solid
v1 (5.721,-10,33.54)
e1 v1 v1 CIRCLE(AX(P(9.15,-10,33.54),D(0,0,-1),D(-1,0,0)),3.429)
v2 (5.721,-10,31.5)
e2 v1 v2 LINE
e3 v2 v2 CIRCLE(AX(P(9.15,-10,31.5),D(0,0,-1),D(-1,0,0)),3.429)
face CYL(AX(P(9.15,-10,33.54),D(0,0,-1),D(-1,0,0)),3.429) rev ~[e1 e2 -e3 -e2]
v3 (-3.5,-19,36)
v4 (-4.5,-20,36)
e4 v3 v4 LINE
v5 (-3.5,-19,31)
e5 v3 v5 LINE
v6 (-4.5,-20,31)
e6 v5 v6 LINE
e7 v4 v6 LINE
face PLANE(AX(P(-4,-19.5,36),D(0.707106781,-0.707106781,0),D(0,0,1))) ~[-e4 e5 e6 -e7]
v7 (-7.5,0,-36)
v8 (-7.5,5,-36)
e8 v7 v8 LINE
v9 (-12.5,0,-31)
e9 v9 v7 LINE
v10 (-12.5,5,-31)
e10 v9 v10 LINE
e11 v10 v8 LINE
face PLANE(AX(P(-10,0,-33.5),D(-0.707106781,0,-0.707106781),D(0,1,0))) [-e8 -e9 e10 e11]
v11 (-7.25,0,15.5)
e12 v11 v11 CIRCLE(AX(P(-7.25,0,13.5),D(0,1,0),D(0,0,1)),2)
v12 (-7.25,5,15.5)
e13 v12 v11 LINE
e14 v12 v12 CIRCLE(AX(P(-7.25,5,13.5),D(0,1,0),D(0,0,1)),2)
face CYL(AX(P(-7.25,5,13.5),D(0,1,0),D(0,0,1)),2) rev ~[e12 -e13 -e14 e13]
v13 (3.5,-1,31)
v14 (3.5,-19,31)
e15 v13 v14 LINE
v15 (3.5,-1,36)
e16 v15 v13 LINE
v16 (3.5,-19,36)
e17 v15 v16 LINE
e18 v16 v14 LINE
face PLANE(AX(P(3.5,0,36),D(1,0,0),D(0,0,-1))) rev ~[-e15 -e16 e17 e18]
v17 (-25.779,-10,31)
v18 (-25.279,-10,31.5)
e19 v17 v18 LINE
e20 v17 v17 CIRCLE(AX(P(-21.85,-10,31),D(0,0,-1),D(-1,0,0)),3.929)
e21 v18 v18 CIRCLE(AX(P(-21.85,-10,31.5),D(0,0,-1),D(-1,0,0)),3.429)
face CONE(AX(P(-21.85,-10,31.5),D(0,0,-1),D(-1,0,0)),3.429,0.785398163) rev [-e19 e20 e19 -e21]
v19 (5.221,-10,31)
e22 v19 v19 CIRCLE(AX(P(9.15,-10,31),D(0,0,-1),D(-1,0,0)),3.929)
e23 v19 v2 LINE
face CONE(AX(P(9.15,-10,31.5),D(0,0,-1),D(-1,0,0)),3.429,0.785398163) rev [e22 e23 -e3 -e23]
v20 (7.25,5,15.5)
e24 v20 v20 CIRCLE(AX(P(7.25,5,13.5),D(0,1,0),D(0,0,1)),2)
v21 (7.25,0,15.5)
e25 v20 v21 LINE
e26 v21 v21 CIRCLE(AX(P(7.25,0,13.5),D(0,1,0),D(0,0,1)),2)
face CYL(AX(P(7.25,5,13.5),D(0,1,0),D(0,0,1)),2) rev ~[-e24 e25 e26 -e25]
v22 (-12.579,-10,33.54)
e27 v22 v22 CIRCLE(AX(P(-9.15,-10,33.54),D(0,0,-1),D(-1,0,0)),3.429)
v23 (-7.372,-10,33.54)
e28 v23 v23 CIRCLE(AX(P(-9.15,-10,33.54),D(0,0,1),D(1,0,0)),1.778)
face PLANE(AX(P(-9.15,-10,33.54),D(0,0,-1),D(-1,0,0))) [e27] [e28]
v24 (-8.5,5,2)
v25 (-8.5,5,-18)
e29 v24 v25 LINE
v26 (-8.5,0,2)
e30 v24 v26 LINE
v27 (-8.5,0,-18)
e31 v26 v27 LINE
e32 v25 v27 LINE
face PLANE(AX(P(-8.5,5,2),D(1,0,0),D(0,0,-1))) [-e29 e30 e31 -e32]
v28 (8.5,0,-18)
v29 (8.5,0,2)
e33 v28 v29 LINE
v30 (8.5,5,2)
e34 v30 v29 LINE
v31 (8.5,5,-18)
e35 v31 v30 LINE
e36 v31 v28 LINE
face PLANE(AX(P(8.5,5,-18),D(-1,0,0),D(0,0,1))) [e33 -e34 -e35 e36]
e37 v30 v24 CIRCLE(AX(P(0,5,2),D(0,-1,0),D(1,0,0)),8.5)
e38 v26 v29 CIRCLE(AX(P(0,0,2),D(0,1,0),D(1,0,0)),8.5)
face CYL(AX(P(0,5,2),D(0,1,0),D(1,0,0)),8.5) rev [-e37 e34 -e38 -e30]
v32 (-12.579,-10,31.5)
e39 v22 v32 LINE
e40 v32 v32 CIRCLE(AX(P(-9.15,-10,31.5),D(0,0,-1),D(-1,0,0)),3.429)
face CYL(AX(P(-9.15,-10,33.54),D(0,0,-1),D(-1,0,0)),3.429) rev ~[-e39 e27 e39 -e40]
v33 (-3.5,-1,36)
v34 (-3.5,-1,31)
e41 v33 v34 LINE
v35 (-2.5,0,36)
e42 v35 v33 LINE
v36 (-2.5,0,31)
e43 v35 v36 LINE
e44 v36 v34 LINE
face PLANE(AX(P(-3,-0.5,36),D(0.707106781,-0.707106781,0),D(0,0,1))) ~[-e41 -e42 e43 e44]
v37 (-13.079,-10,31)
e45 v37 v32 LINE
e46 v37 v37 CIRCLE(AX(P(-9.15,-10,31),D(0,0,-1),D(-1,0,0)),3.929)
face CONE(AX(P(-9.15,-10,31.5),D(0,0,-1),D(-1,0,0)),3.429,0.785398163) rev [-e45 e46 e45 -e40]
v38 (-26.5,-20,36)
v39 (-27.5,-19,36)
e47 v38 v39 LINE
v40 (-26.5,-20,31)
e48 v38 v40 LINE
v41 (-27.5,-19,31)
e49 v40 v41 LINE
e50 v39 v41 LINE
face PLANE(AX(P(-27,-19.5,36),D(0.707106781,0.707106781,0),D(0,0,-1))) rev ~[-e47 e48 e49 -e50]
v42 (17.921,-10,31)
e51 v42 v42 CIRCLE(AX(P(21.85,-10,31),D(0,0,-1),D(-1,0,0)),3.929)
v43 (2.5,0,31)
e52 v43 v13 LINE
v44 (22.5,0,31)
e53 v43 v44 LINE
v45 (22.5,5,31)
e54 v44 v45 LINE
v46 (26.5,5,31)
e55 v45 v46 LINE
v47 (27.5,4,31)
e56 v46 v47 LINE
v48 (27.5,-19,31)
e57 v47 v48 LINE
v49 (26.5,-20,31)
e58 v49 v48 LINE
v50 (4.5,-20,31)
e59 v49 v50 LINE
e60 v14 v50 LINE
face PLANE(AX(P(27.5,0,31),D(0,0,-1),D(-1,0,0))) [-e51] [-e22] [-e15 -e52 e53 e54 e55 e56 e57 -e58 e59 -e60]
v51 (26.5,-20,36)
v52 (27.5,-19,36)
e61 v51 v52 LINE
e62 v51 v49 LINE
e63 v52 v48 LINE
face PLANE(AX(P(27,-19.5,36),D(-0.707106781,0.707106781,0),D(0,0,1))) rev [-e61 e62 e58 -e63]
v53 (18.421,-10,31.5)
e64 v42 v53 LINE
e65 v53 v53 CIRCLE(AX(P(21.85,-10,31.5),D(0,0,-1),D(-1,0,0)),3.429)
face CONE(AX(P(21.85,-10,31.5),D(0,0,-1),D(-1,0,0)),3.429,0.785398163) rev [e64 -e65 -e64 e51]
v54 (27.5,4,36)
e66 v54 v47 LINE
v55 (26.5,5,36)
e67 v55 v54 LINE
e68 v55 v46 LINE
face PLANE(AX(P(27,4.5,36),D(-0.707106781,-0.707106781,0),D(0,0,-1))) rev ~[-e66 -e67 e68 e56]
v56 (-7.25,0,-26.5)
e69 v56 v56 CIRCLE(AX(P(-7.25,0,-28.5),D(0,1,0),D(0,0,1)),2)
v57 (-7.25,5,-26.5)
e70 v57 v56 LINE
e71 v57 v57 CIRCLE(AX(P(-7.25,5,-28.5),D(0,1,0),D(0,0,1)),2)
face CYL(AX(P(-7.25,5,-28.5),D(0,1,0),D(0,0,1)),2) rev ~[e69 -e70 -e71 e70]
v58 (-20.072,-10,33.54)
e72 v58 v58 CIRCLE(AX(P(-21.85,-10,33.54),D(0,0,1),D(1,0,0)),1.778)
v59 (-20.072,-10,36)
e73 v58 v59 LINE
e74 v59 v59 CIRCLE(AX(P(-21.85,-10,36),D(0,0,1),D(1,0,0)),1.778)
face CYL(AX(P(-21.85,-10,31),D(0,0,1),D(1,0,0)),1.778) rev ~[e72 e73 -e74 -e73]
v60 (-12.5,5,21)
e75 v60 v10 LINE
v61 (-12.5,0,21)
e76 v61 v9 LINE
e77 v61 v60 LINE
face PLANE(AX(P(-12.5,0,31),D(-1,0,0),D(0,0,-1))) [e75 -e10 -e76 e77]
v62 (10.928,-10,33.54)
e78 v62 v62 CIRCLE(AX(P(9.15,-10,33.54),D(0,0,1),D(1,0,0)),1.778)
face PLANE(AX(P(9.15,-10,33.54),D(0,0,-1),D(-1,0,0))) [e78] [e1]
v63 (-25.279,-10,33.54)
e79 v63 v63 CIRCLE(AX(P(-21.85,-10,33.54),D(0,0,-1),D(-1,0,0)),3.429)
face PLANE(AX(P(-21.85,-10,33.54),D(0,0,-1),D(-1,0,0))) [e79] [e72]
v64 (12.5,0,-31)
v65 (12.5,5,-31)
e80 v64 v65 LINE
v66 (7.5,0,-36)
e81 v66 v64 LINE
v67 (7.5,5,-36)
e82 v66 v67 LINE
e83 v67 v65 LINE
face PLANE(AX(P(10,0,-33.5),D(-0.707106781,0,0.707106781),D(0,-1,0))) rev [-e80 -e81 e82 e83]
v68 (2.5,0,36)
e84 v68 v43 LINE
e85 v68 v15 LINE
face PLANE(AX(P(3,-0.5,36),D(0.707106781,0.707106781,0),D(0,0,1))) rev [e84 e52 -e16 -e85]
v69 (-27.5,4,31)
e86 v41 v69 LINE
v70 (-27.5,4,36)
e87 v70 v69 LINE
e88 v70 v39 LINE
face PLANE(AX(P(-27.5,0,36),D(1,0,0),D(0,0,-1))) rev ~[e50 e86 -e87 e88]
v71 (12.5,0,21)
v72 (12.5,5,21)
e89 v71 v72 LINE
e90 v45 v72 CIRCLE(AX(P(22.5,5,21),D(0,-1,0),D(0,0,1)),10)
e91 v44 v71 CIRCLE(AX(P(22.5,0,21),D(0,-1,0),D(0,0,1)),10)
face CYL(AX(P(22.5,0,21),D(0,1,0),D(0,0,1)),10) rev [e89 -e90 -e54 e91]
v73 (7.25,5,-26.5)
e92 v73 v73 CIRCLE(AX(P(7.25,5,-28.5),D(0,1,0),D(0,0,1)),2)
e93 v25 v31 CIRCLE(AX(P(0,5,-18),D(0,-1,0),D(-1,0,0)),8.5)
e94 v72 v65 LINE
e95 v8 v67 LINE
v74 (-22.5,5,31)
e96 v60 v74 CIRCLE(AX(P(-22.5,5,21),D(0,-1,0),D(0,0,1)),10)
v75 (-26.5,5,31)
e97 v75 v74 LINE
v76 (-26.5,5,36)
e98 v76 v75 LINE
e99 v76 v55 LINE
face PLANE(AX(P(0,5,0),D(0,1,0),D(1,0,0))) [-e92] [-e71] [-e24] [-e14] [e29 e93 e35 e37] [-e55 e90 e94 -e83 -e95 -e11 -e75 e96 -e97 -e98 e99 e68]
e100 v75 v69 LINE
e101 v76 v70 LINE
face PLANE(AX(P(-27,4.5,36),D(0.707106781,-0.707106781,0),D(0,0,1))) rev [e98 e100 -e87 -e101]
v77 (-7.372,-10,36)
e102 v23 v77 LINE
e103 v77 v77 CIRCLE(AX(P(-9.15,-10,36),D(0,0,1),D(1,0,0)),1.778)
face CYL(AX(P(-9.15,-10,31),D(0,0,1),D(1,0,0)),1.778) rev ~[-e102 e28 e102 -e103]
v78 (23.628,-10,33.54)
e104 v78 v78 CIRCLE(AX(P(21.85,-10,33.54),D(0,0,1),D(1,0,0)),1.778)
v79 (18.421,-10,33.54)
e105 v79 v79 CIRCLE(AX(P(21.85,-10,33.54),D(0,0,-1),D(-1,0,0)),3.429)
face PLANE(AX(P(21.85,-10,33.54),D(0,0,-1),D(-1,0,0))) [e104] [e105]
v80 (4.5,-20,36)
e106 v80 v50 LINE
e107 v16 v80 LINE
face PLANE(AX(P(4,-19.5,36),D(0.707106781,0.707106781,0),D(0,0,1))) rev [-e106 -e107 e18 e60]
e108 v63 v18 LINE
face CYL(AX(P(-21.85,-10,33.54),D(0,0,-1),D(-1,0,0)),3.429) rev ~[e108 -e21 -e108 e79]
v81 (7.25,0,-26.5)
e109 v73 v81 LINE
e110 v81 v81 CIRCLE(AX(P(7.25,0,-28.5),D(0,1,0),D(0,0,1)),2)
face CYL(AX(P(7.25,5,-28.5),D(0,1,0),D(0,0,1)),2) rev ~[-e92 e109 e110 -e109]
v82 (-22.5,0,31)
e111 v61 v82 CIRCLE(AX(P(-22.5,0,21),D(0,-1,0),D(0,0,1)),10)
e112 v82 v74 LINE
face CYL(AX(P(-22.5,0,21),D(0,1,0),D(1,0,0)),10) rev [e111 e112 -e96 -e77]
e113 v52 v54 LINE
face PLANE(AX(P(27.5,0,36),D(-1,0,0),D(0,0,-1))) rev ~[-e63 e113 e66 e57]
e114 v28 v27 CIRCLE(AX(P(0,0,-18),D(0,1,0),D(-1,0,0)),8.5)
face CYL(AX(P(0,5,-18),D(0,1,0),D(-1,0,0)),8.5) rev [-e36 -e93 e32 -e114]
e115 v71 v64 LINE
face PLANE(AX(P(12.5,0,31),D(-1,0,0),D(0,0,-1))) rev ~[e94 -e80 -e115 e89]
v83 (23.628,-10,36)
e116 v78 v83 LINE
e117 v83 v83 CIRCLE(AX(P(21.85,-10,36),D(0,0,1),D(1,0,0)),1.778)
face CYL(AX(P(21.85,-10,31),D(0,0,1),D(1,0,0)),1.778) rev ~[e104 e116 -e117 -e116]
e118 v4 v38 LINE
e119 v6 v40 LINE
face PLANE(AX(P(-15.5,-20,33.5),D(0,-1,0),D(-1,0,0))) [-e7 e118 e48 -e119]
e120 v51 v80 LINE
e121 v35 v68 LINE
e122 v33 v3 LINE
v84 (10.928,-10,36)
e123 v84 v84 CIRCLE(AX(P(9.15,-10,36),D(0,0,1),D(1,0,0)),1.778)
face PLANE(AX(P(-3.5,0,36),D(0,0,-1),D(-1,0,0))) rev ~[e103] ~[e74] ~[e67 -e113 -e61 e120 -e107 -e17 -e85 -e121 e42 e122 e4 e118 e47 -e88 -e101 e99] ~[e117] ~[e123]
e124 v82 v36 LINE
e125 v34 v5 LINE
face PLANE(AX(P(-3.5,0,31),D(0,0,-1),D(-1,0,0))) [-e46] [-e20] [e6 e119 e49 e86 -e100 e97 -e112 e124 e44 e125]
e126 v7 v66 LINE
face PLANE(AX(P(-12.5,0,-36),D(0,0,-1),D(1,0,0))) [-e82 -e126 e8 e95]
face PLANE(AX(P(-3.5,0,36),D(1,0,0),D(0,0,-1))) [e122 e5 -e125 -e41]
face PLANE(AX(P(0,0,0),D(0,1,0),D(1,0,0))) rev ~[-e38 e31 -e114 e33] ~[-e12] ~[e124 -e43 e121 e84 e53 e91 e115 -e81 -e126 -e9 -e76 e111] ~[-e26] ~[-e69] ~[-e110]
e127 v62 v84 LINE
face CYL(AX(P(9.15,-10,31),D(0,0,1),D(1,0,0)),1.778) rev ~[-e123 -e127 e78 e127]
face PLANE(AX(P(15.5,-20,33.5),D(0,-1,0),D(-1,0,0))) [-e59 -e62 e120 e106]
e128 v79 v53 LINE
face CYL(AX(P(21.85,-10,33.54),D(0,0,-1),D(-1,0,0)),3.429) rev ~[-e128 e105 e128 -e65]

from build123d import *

# Parameters (mm, degrees)
SKETCH1_W           = 25
SKETCH1_H           = 72
SKETCH1_W_2         = 15
SKETCH1_H_2         = 5
BOSS_EXTRUDE1_DEPTH = 5
SKETCH2_R           = 2
CUT_EXTRUDE1_DEPTH  = 46.576858163
CHAMFER1_SIZE       = 5
CUT_EXTRUDE2_DEPTH  = 46.576858163
SKETCH5_W           = 24
SKETCH5_H           = 5
BOSS_EXTRUDE3_DEPTH = 20
FILLET2_R           = 10
CHAMFER3_SIZE       = 1
HOLE1_D             = 3.556
HOLE1_CBORE_D       = 6.858
HOLE1_CBORE_DEPTH   = 2.54
CHAMFER4_SIZE       = 0.5


with BuildPart() as part:
    # Sketch1 → Boss-Extrude1 (new body)
    with BuildSketch(Plane(origin=(0, 0, 0), x_dir=(1, 0, 0), z_dir=(0, 1, 0))):
        Rectangle(SKETCH1_W, SKETCH1_H)
        with Locations((-20, -33.5)):
            Rectangle(SKETCH1_W_2, SKETCH1_H_2)
        with Locations((20, -33.5)):
            Rectangle(SKETCH1_W_2, SKETCH1_H_2)
    extrude(amount=BOSS_EXTRUDE1_DEPTH)

    # Sketch2 → Cut-Extrude1 (cut, through all)
    with BuildSketch(Plane(origin=(0, 5, 0), x_dir=(1, 0, 0), z_dir=(0, 1, 0))):
        with Locations(Location((-7.25, 28.5, 0), (0, 0, 270))):
            Circle(SKETCH2_R)
        with Locations(Location((7.25, 28.5, 0), (0, 0, 270))):
            Circle(SKETCH2_R)
        with Locations(Location((-7.25, -13.5, 0), (0, 0, 270))):
            Circle(SKETCH2_R)
        with Locations(Location((7.25, -13.5, 0), (0, 0, 270))):
            Circle(SKETCH2_R)
    extrude(amount=-CUT_EXTRUDE1_DEPTH, mode=Mode.SUBTRACT)

    # Chamfer1
    chamfer1_edges = [part.edges().sort_by_distance(p)[0] for p in [
        (-12.5, 2.5, -36),
        (12.5, 2.5, -36),
    ]]
    chamfer(chamfer1_edges, length=CHAMFER1_SIZE)

    # Sketch3 → Cut-Extrude2 (cut, through all)
    with BuildSketch(Plane(origin=(0, 5, 0), x_dir=(1, 0, 0), z_dir=(0, 1, 0))):
        with BuildLine():
            Line((-8.5, -2), (-8.5, 18))
            ThreePointArc((-8.5, 18), (0, 26.5), (8.5, 18))
            Line((8.5, 18), (8.5, -2))
            ThreePointArc((8.5, -2), (0, -10.5), (-8.5, -2))
        make_face()
    extrude(amount=-CUT_EXTRUDE2_DEPTH, mode=Mode.SUBTRACT)

    # Sketch5 → Boss-Extrude3 (add)
    with BuildSketch(Plane(origin=(0, 0, 0), x_dir=(-1, 0, 0), z_dir=(0, -1, 0))):
        with Locations((15.5, -33.5)):
            Rectangle(SKETCH5_W, SKETCH5_H)
        with Locations((-15.5, -33.5)):
            Rectangle(SKETCH5_W, SKETCH5_H)
    extrude(amount=BOSS_EXTRUDE3_DEPTH)

    # Fillet2
    fillet2_edges = [part.edges().sort_by_distance(p)[0] for p in [
        (-12.5, 2.5, 31),
        (12.5, 2.5, 31),
    ]]
    fillet(fillet2_edges, radius=FILLET2_R)

    # Chamfer3
    chamfer3_edges = [part.edges().sort_by_distance(p)[0] for p in [
        (27.5, 5, 33.5),
        (-27.5, 5, 33.5),
        (-3.5, 0, 33.5),
        (-27.5, -20, 33.5),
        (-3.5, -20, 33.5),
        (3.5, 0, 33.5),
        (27.5, -20, 33.5),
        (3.5, -20, 33.5),
    ]]
    chamfer(chamfer3_edges, length=CHAMFER3_SIZE)

    # Hole1 (through all)
    with Locations(Plane(origin=(0, 0, 31), x_dir=(-1, 0, 0), z_dir=(0, 0, -1))):
        with Locations((-21.85, -10), (-9.15, -10), (9.15, -10), (21.85, -10)):
            CounterBoreHole(HOLE1_D / 2, HOLE1_CBORE_D / 2, HOLE1_CBORE_DEPTH)

    # Chamfer4
    chamfer4_edges = [part.edges().sort_by_distance(p)[0] for p in [
        (-18.421, -10, 31),
        (-5.721, -10, 31),
        (12.579, -10, 31),
        (25.279, -10, 31),
    ]]
    chamfer(chamfer4_edges, length=CHAMFER4_SIZE)


solid = part.part
